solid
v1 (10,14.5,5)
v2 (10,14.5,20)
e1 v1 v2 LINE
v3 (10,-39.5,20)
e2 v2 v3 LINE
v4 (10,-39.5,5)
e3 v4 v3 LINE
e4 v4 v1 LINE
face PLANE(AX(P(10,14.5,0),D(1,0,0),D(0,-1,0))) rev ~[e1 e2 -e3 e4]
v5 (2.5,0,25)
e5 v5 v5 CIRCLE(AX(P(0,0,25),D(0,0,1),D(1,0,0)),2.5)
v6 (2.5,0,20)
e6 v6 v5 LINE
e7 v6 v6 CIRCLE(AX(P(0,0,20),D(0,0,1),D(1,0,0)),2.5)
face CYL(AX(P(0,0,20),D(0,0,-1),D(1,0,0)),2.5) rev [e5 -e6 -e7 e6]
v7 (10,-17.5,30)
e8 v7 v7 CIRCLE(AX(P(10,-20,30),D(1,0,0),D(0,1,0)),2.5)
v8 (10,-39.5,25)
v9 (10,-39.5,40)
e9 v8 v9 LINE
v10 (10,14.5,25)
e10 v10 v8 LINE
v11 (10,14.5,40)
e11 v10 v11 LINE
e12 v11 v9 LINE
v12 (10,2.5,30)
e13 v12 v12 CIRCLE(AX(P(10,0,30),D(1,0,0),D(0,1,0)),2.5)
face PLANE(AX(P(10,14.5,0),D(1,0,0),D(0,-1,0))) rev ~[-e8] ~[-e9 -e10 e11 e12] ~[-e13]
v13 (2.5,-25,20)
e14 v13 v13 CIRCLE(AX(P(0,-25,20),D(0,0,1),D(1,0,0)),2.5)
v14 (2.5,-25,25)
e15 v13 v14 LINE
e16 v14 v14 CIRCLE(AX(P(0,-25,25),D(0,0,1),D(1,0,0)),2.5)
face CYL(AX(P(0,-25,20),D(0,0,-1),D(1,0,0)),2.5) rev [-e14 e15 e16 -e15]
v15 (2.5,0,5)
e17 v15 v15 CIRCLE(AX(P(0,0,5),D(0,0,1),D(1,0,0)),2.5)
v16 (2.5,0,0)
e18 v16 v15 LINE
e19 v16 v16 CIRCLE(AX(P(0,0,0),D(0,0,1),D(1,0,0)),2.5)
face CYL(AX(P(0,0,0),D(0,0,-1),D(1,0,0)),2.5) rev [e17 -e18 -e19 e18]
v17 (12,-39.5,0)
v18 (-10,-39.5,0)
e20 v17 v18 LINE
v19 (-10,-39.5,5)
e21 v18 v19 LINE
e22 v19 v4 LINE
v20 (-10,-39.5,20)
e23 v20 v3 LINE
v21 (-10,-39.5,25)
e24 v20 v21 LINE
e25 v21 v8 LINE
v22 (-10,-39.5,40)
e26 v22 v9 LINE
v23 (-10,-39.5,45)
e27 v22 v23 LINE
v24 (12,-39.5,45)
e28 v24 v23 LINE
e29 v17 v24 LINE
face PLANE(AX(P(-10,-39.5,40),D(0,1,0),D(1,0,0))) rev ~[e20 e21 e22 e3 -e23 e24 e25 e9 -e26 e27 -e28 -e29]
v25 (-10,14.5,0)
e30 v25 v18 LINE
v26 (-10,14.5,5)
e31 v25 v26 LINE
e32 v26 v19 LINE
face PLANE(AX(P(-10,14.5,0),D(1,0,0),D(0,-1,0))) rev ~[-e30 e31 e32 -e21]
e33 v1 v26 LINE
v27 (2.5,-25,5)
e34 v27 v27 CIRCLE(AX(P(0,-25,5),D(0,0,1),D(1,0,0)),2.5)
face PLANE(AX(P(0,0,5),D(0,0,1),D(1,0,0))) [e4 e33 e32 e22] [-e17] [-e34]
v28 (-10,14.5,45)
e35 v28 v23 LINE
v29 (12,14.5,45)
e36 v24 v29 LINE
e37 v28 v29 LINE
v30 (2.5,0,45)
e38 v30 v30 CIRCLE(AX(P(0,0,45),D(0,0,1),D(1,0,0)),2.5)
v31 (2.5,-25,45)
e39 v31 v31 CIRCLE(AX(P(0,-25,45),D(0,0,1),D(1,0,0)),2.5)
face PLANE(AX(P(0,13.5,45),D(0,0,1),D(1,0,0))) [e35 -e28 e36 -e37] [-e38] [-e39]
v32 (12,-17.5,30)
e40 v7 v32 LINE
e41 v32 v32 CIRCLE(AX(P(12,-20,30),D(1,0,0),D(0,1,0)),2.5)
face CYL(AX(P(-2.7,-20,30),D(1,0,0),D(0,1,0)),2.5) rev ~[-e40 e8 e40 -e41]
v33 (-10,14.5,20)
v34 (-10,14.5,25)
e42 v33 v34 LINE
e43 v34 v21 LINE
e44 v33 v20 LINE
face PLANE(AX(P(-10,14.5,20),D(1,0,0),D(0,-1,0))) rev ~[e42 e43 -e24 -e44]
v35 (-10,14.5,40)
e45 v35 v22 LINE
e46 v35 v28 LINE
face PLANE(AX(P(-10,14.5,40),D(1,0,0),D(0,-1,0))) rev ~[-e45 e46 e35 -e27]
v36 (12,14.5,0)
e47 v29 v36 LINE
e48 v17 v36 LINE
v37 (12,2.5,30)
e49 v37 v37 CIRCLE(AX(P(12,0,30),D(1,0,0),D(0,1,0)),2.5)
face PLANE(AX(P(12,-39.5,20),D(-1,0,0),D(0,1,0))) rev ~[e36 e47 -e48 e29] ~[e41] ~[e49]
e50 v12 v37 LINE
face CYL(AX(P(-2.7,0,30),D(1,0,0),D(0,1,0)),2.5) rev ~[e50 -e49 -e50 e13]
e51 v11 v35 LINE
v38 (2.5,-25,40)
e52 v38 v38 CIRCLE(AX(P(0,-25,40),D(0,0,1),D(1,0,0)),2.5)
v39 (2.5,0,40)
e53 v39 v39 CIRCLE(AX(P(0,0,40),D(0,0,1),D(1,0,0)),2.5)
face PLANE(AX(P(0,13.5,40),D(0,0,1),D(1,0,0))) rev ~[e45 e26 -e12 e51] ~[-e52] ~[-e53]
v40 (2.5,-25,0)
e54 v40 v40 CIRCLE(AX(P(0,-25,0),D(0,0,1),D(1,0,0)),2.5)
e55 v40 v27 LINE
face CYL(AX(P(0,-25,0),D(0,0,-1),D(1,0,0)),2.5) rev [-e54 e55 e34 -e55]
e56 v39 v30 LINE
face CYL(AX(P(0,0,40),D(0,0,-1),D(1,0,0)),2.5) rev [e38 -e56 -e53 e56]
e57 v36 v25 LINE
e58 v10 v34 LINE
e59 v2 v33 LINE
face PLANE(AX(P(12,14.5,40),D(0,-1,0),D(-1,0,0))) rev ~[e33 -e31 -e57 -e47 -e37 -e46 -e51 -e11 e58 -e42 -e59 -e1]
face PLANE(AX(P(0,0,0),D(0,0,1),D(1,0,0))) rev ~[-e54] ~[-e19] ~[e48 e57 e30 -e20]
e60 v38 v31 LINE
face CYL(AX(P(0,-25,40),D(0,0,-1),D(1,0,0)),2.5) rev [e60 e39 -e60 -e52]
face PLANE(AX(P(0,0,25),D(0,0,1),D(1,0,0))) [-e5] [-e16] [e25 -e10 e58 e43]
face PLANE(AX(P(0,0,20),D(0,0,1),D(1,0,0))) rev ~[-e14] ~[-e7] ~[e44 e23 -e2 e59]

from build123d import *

# Parameters (mm, degrees)
F0_W     = 20
F0_H     = 25
F0_R     = 6.5
F0_R_2   = 2.5
F0_H_2   = 2
F1_DEPTH = 5
F2_DEPTH = 45
F3_START = 20
F3_DEPTH = 5
F4_START = 40
F4_DEPTH = 5
F6_D     = 5
F6_DEPTH = 12.7
F6_TIP   = 1.5021515476


with BuildPart() as f1:
    # F0 (on Top) → F1 (new body)
    with BuildSketch(Plane.XY):
        Rectangle(F0_W, F0_H)
        Circle(F0_R, mode=Mode.SUBTRACT)
        Circle(F0_R)
        Circle(F0_R_2, mode=Mode.SUBTRACT)
        with Locations((0, 13.5)):
            Rectangle(F0_W, F0_H_2)
        with Locations((0, -25)):
            Rectangle(F0_W, F0_H)
        with Locations((0, -25)):
            Circle(F0_R, mode=Mode.SUBTRACT)
        with Locations((0, -25)):
            Circle(F0_R)
        with Locations((0, -25)):
            Circle(F0_R_2, mode=Mode.SUBTRACT)
        Polygon((12, -12.5), (10, -12.5), (10, -37.5), (10, -39.5), (12, -39.5), align=None)
        with Locations((0, -38.5)):
            Rectangle(F0_W, F0_H_2)
        Polygon((10, 14.5), (10, 12.5), (10, -12.5), (12, -12.5), (12, 14.5), align=None)
    extrude(amount=F1_DEPTH)

    # F0 (on Top) → F2 (join)
    with BuildSketch(Plane.XY):
        Polygon((12, -12.5), (10, -12.5), (10, -37.5), (10, -39.5), (12, -39.5), align=None)
        Polygon((10, 14.5), (10, 12.5), (10, -12.5), (12, -12.5), (12, 14.5), align=None)
    extrude(amount=F2_DEPTH)

    # F0 (on Top) → F3 (join)
    with BuildSketch(Plane.XY.offset(F3_START)):
        Rectangle(F0_W, F0_H)
        Circle(F0_R, mode=Mode.SUBTRACT)
        Circle(F0_R)
        Circle(F0_R_2, mode=Mode.SUBTRACT)
        with Locations((0, 13.5)):
            Rectangle(F0_W, F0_H_2)
        Polygon((12, -12.5), (10, -12.5), (10, -37.5), (10, -39.5), (12, -39.5), align=None)
        with Locations((0, -25)):
            Rectangle(F0_W, F0_H)
        with Locations((0, -25)):
            Circle(F0_R, mode=Mode.SUBTRACT)
        with Locations((0, -25)):
            Circle(F0_R)
        with Locations((0, -25)):
            Circle(F0_R_2, mode=Mode.SUBTRACT)
        with Locations((0, -38.5)):
            Rectangle(F0_W, F0_H_2)
        Polygon((10, 14.5), (10, 12.5), (10, -12.5), (12, -12.5), (12, 14.5), align=None)
    extrude(amount=F3_DEPTH)

    # F0 (on Top) → F4 (join)
    with BuildSketch(Plane.XY.offset(F4_START)):
        with Locations((0, 13.5)):
            Rectangle(F0_W, F0_H_2)
        Rectangle(F0_W, F0_H)
        Circle(F0_R, mode=Mode.SUBTRACT)
        Circle(F0_R)
        Circle(F0_R_2, mode=Mode.SUBTRACT)
        with Locations((0, -25)):
            Rectangle(F0_W, F0_H)
        with Locations((0, -25)):
            Circle(F0_R, mode=Mode.SUBTRACT)
        with Locations((0, -25)):
            Circle(F0_R)
        with Locations((0, -25)):
            Circle(F0_R_2, mode=Mode.SUBTRACT)
        Polygon((12, -12.5), (10, -12.5), (10, -37.5), (10, -39.5), (12, -39.5), align=None)
        with Locations((0, -38.5)):
            Rectangle(F0_W, F0_H_2)
        Polygon((10, 14.5), (10, 12.5), (10, -12.5), (12, -12.5), (12, 14.5), align=None)
    extrude(amount=F4_DEPTH)

    # F6
    with Locations(Plane(origin=(10, 0, 0), x_dir=(0, -1, 0), z_dir=(-1, 0, 0))):
        with Locations((0, 30), (20, 30)):
            Hole(F6_D / 2, depth=F6_DEPTH)
            with Locations((0, 0, -(F6_DEPTH + F6_TIP / 2))):  # 118° drill point
                Cone(0, F6_D / 2, F6_TIP, mode=Mode.SUBTRACT)


solid = f1.part
